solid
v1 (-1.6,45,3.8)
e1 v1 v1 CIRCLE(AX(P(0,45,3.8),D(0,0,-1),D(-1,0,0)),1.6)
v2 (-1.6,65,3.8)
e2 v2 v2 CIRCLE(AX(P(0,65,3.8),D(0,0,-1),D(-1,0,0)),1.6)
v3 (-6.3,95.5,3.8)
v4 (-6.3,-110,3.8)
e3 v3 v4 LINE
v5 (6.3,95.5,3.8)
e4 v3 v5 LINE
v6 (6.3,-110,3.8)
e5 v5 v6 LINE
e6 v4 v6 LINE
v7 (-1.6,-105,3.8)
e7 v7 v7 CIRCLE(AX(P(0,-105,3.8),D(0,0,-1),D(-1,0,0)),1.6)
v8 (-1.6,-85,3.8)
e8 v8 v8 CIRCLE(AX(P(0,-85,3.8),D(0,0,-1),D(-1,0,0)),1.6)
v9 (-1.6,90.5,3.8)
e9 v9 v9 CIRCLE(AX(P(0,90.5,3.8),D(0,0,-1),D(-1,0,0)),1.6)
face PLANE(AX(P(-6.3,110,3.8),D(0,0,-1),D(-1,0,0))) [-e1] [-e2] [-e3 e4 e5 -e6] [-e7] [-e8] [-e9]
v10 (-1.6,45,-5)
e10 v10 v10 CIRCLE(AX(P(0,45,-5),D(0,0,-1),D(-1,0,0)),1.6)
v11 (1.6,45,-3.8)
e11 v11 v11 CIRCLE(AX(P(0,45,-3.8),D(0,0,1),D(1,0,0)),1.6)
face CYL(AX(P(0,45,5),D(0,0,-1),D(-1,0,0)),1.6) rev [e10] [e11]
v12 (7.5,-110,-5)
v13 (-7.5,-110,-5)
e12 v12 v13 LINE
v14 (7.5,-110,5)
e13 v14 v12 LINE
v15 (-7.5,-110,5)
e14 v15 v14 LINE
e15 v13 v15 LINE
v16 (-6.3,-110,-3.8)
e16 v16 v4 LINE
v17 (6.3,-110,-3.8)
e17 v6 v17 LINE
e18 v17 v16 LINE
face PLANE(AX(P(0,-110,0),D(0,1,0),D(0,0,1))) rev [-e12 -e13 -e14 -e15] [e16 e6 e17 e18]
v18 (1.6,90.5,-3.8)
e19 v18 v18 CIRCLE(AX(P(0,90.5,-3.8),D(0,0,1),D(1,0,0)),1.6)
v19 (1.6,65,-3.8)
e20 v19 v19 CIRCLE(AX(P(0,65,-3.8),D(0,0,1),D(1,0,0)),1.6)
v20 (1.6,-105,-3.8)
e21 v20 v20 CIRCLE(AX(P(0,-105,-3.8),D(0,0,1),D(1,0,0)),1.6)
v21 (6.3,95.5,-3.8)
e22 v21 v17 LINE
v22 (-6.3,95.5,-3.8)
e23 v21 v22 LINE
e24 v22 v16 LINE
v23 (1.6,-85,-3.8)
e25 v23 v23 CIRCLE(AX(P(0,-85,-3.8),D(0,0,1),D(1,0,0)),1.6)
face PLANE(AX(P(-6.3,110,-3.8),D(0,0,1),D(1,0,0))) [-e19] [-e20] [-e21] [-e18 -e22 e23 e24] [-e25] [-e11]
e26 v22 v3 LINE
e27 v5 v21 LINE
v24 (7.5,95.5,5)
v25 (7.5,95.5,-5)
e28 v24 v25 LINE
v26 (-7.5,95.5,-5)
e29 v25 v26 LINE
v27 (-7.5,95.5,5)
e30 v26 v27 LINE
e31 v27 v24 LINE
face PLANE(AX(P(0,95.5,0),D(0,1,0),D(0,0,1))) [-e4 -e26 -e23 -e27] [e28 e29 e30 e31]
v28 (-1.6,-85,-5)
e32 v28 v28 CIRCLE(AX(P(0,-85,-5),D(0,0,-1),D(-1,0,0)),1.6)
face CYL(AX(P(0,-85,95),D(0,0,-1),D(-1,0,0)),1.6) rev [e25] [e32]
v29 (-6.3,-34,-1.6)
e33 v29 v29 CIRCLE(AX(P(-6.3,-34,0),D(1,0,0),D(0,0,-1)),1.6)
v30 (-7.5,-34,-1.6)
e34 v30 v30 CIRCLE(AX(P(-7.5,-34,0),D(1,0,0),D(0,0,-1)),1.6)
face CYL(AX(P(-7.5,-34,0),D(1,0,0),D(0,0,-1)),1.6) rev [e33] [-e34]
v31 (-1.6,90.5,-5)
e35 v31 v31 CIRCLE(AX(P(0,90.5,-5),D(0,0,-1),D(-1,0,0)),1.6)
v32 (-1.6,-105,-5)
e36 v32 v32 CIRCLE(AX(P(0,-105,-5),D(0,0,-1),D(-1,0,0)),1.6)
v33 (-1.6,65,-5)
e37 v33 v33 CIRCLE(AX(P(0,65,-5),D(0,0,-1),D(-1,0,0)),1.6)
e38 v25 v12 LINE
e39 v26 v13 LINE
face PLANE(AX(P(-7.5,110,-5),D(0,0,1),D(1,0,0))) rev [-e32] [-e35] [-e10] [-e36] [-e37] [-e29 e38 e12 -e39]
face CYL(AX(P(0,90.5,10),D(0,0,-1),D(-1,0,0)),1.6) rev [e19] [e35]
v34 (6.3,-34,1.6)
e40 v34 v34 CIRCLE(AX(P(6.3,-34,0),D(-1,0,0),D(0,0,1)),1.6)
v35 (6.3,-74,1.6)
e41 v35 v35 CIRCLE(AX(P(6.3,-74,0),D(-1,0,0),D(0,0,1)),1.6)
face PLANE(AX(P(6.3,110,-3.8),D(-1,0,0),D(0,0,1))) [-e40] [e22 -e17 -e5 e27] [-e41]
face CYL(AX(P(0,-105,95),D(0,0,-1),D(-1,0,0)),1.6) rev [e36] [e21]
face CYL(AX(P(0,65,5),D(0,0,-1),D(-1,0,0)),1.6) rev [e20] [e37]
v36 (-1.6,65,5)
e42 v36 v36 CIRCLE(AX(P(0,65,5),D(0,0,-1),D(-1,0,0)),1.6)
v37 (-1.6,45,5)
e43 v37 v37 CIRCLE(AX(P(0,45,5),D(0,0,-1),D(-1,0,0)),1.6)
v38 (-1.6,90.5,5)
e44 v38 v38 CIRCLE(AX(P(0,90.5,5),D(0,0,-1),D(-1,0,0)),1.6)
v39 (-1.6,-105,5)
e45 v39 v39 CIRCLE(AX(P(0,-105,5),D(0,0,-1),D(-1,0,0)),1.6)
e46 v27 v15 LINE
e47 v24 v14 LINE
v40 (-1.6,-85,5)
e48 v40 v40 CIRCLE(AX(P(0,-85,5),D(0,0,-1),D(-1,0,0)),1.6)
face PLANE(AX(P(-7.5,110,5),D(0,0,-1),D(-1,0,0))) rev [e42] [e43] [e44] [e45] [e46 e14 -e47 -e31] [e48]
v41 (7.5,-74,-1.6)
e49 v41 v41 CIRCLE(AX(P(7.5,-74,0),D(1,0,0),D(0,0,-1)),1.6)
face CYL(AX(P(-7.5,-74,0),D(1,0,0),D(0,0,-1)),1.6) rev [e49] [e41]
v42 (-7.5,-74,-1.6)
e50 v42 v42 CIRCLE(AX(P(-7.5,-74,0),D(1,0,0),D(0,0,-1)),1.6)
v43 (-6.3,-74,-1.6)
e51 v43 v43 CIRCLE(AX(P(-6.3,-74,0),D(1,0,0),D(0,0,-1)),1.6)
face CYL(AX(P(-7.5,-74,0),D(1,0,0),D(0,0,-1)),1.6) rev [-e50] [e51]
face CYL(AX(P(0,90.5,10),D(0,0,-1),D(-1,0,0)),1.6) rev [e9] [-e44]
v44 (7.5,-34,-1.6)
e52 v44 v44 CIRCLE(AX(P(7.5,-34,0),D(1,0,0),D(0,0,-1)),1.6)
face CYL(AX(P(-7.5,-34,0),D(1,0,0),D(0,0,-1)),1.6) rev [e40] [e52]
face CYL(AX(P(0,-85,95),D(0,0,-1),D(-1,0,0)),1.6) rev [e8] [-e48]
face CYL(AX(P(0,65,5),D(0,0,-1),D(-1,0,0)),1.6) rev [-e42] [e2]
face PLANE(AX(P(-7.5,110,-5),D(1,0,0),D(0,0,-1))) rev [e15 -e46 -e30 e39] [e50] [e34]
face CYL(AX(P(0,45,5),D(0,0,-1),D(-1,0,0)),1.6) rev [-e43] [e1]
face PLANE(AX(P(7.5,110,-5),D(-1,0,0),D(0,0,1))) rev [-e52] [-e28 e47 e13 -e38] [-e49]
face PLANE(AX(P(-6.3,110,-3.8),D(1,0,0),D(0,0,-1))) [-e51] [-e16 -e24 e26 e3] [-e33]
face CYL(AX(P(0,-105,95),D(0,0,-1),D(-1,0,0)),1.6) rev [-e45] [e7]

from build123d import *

# Parameters (mm, degrees)
SKETCH_1_W          = 15
SKETCH_1_H          = 10
SKETCH_1_W_2        = 12.6
SKETCH_1_H_2        = 7.6
EXTRUDE_1_DEPTH     = 110
SKETCH_2_R          = 1.6
CUT_EXTRUDE_1_DEPTH = 100
SKETCH_3_R          = 1.6
CUT_EXTRUDE_2_DEPTH = 15
SKETCH_4_R          = 1.6
CUT_EXTRUDE_3_DEPTH = 10
SKETCH_5_W          = 15
SKETCH_5_H          = 10
CUT_EXTRUDE_4_DEPTH = 14.5
SKETCH_6_R          = 1.6
CUT_EXTRUDE_5_DEPTH = 15


with BuildPart() as part:
    # ｽｹｯﾁ1 → ﾎﾞｽ - 押し出し1 (new, symmetric)
    with BuildSketch(Plane(origin=(0, 0, 0), x_dir=(1, 0, 0), z_dir=(0, 1, 0))):
        Rectangle(SKETCH_1_W, SKETCH_1_H)
        Rectangle(SKETCH_1_W_2, SKETCH_1_H_2, mode=Mode.SUBTRACT)
    extrude(amount=EXTRUDE_1_DEPTH, both=True)

    # ｽｹｯﾁ2 → ｶｯﾄ - 押し出し1 (cut)
    with BuildSketch(Plane(origin=(0, 0, -5), x_dir=(-1, 0, 0), z_dir=(0, 0, -1))):
        with Locations((0, -85)):
            Circle(SKETCH_2_R)
        with Locations((0, -105)):
            Circle(SKETCH_2_R)
    extrude(amount=-CUT_EXTRUDE_1_DEPTH, mode=Mode.SUBTRACT)

    # ｽｹｯﾁ3 → ｶｯﾄ - 押し出し2 (cut)
    with BuildSketch(Plane(origin=(7.5, 0, 0), x_dir=(0, 0, -1), z_dir=(1, 0, 0))):
        with Locations((0, -34)):
            Circle(SKETCH_3_R)
        with Locations((0, -74)):
            Circle(SKETCH_3_R)
    extrude(amount=-CUT_EXTRUDE_2_DEPTH, mode=Mode.SUBTRACT)

    # ｽｹｯﾁ4 → ｶｯﾄ - 押し出し3 (cut)
    with BuildSketch(Plane(origin=(0, 0, -5), x_dir=(-1, 0, 0), z_dir=(0, 0, -1))):
        with Locations((0, 65)):
            Circle(SKETCH_4_R)
        with Locations((0, 45)):
            Circle(SKETCH_4_R)
    extrude(amount=-CUT_EXTRUDE_3_DEPTH, mode=Mode.SUBTRACT)

    # ｽｹｯﾁ5 → ｶｯﾄ - 押し出し4 (cut)
    with BuildSketch(Plane(origin=(0, 110, 0), x_dir=(1, 0, 0), z_dir=(0, 1, 0))):
        Rectangle(SKETCH_5_W, SKETCH_5_H)
    extrude(amount=-CUT_EXTRUDE_4_DEPTH, mode=Mode.SUBTRACT)

    # ｽｹｯﾁ6 → ｶｯﾄ - 押し出し5 (cut)
    with BuildSketch(Plane(origin=(0, 0, -5), x_dir=(-1, 0, 0), z_dir=(0, 0, -1))):
        with Locations((0, 90.5)):
            Circle(SKETCH_6_R)
    extrude(amount=-CUT_EXTRUDE_5_DEPTH, mode=Mode.SUBTRACT)


solid = part.part
